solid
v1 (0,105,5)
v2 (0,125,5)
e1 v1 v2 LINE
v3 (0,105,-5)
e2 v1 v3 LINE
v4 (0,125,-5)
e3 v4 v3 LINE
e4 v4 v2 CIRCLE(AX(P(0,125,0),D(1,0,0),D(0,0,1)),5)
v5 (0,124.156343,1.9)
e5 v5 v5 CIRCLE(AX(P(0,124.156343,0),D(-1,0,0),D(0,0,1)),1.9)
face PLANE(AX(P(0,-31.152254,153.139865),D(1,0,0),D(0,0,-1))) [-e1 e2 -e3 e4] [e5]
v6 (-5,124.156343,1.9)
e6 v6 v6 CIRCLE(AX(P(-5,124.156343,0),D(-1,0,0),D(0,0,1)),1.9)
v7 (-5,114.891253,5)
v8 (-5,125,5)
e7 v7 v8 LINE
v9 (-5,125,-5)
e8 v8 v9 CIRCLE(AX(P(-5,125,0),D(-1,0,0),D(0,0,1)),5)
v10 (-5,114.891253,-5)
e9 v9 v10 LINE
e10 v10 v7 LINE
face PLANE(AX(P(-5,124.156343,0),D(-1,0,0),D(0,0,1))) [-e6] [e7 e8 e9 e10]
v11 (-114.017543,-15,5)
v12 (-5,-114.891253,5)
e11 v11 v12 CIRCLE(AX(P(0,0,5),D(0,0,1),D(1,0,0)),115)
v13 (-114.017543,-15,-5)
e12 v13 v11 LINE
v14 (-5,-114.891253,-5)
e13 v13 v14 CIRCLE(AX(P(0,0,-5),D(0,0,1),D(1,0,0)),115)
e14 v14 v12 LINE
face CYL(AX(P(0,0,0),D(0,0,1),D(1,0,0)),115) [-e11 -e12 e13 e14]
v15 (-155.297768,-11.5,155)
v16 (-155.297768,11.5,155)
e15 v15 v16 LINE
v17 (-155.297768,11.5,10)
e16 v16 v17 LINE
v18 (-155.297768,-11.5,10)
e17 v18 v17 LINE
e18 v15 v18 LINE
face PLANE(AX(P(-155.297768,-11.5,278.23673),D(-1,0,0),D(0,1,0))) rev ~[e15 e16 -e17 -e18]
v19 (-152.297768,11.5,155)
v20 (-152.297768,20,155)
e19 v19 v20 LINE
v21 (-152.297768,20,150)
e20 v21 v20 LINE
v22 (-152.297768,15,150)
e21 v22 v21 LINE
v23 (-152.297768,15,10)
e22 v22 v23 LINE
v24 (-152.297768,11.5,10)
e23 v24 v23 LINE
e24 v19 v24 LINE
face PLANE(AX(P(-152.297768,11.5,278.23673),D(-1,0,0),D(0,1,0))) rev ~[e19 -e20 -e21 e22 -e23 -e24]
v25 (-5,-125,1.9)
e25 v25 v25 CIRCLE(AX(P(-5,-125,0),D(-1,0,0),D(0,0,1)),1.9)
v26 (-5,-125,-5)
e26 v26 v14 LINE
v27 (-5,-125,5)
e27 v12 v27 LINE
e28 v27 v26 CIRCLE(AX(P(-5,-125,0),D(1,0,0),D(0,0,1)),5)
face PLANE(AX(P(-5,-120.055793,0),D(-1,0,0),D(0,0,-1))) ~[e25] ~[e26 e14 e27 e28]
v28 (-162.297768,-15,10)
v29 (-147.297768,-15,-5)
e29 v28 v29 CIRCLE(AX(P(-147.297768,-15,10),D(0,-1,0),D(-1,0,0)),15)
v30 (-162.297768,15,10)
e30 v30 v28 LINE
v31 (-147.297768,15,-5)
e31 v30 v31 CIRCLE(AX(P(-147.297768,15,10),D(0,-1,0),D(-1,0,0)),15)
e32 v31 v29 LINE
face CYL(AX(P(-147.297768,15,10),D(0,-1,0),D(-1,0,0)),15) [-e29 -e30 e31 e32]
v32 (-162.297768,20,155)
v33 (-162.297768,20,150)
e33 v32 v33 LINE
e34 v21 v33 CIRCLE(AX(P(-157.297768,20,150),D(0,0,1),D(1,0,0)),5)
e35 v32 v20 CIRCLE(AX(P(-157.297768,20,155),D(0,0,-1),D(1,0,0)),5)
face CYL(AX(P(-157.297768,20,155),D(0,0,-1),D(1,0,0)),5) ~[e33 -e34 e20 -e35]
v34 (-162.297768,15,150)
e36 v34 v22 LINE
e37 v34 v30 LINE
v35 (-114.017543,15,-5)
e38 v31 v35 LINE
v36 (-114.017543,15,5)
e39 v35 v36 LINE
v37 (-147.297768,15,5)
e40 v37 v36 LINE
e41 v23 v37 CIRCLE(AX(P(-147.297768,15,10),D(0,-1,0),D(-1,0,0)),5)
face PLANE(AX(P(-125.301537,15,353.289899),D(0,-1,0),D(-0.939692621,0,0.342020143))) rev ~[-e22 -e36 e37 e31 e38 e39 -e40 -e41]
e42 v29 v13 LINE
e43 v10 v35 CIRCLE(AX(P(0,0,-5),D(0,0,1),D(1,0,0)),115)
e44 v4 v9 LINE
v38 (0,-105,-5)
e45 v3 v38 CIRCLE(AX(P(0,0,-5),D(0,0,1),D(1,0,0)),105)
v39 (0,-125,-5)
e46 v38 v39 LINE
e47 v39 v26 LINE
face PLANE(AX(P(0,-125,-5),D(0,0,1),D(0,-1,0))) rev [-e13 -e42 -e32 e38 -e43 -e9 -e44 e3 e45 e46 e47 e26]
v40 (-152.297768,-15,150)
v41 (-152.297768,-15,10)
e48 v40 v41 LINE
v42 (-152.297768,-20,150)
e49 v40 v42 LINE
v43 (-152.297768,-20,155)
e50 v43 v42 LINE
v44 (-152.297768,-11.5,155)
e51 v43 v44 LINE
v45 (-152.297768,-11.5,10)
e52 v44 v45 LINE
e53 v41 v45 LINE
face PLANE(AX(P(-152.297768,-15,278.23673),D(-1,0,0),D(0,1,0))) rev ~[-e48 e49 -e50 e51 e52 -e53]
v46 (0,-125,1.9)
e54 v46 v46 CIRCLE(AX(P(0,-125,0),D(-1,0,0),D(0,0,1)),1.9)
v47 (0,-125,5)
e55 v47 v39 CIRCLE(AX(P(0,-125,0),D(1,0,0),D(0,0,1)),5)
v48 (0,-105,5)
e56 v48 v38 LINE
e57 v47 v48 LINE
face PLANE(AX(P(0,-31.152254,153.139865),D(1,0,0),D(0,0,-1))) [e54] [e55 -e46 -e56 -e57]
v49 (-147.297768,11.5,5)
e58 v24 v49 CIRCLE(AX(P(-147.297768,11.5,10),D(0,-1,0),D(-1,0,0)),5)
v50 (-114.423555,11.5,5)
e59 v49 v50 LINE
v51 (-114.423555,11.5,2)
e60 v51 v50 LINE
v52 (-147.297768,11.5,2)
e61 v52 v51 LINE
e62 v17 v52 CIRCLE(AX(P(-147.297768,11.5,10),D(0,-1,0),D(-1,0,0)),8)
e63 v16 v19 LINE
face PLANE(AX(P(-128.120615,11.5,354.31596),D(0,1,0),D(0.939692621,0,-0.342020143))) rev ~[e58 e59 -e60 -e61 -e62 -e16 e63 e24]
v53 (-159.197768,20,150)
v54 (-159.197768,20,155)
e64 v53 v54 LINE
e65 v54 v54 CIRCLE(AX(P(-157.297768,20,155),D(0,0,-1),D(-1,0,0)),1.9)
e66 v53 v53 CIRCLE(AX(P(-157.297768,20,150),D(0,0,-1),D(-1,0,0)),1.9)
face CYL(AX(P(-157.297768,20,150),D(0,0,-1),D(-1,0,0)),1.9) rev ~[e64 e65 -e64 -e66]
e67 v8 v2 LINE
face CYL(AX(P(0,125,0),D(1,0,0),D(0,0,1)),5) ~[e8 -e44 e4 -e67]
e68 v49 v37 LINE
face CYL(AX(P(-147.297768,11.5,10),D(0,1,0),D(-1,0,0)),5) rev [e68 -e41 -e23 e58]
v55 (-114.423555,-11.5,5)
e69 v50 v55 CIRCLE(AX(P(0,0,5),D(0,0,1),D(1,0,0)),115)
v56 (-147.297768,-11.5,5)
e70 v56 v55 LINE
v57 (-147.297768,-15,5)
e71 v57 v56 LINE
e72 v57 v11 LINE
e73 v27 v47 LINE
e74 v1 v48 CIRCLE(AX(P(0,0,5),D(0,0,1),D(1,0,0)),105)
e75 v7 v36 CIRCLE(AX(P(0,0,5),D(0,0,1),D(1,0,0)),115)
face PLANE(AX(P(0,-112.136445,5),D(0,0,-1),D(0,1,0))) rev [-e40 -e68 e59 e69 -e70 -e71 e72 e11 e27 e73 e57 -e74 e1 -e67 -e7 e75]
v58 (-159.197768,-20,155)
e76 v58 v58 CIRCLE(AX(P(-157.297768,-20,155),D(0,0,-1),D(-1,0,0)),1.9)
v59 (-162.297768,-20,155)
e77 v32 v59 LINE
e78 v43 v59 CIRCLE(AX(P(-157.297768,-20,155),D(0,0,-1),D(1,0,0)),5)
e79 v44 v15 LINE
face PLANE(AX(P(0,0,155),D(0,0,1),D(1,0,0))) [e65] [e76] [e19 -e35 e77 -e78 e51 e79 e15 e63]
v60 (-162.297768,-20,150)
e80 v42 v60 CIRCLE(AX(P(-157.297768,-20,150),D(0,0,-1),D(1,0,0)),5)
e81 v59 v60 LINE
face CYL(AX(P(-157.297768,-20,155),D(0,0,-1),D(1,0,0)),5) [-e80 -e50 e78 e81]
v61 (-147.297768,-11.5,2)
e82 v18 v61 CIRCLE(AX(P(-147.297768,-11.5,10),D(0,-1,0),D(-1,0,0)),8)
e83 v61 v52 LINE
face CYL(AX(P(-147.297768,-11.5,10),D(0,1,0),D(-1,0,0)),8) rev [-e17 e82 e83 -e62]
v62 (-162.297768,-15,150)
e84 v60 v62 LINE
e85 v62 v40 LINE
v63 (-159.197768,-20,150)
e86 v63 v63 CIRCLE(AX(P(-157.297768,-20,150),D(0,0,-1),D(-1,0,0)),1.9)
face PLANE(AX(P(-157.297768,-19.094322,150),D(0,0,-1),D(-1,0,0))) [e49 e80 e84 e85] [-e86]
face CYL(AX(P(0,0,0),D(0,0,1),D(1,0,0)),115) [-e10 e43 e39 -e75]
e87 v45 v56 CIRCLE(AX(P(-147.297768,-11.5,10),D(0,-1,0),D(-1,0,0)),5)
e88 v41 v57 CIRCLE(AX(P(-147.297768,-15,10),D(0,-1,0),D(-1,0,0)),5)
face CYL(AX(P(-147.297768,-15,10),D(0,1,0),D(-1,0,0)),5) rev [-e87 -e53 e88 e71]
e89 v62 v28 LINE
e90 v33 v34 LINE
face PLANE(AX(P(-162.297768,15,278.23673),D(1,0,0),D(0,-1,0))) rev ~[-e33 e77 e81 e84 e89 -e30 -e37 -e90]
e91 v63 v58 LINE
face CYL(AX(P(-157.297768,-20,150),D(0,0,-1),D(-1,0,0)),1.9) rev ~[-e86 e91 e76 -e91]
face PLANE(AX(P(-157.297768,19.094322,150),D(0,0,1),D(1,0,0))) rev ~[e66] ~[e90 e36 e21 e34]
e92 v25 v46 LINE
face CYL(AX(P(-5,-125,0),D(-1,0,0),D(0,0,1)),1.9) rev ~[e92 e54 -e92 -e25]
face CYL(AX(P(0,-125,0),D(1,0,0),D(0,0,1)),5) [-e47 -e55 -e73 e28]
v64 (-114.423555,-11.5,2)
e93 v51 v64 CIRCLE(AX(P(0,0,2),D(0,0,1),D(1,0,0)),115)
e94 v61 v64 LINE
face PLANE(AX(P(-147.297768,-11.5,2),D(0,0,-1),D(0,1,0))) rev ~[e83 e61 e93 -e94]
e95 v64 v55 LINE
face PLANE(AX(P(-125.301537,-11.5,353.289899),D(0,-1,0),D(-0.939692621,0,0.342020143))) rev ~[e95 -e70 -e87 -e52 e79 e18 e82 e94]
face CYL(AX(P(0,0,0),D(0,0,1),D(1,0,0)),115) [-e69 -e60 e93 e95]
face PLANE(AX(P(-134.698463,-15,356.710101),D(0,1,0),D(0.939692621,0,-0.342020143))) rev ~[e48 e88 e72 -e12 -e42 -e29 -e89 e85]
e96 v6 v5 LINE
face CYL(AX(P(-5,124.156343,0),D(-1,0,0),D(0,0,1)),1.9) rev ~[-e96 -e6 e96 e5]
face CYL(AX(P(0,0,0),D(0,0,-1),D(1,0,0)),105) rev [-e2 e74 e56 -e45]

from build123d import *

# Parameters (mm, degrees)
SKETCH_1_R                = 115
SKETCH_1_R_2              = 105
EXTRUDE_1_DEPTH           = 5
SKETCH_4_R                = 2.5
CUT_EXTRUDE_1_DEPTH       = 33.934862746
EXTRUDE_2_DEPTH           = 5
HOLE_WIZARD_1_D           = 4.5
HOLE_WIZARD_1_CBORE_D     = 6
HOLE_WIZARD_1_CBORE_DEPTH = 3
SKETCH_9_R                = 2.25
SKETCH_9_R_2              = 1.9
EXTRUDE_3_DEPTH           = 5
EXTRUDE_4_DEPTH           = 5
HOLE_WIZARD_2_D           = 4.5
HOLE_WIZARD_2_CBORE_D     = 6
HOLE_WIZARD_2_CBORE_DEPTH = 3
SKETCH_13_R               = 2.25
SKETCH_13_R_2             = 1.9
EXTRUDE_5_DEPTH           = 5
SKETCH_14_W               = 562.038590931
SKETCH_14_H               = 462.09177453
CUT_EXTRUDE_4_DEPTH       = 163.29776757
SKETCH_15_W               = 637.223239982
SKETCH_15_H               = 375.31186697
CUT_EXTRUDE_5_DEPTH       = 202.710100717


with BuildPart() as part:
    # 草图1 → 凸台-拉伸1 (new body, symmetric)
    with BuildSketch(Plane.XY):
        Circle(SKETCH_1_R)
        Circle(SKETCH_1_R_2, mode=Mode.SUBTRACT)
    extrude(amount=EXTRUDE_1_DEPTH, both=True)

    # 扫描1: sweep along a path in 草图2
    with BuildLine(Plane(origin=(0, 0, 0), x_dir=(1, 0, 0), z_dir=(0, 1, 0))) as sweep_1_path:
        Line((-130, -355), (-156.694693778, -281.656931626))
        ThreePointArc((-156.694693778, -281.656931626), (-157.1458451, -279.97321197), (-157.29776757, -278.236730193))
        Line((-157.29776757, -278.236730193), (-157.29776757, -10))
        ThreePointArc((-157.29776757, -10), (-154.368835382, -2.928932188), (-147.29776757, 0))
        Line((-147.29776757, 0), (-115, 0))
        Line((-115, 0), (-106.681302201, 0))
    # 草图3 → 扫描1 (sweep)
    with BuildSketch(Plane(origin=(-130, 0, 355), x_dir=(0.939692621, 0, -0.342020143), z_dir=(0.342020143, 0, 0.939692621))):
        Polygon((-5, -15), (5, -15), (5, -11.5), (2, -11.5), (2, 11.5), (5, 11.5), (5, 15), (-5, 15), align=None)
    sweep_1 = sweep(path=sweep_1_path.line)

    # 草图4 → 切除-拉伸1 (cut, through all)
    with BuildSketch(Plane(origin=(-227.008304281, 0, 82.624265689), x_dir=(-0.342020143, 0, -0.939692621), z_dir=(0.939692621, 0, -0.342020143))):
        with Locations((-274.128261747, 6.75)):
            Circle(SKETCH_4_R)
        with Locations((-274.128261747, -6.75)):
            Circle(SKETCH_4_R)
    cut_extrude_1 = extrude(amount=-CUT_EXTRUDE_1_DEPTH, mode=Mode.SUBTRACT)

    # 镜向1: 扫描1, 切除-拉伸1 across plane
    add(sweep_1.mirror(Plane(origin=(0, 0, 0), x_dir=(0, 0, 1), z_dir=(1, 0, 0))))
    add(cut_extrude_1.mirror(Plane(origin=(0, 0, 0), x_dir=(0, 0, 1), z_dir=(1, 0, 0))), mode=Mode.SUBTRACT)

    # 草图6 → 凸台-拉伸2 (add, symmetric)
    with BuildSketch(Plane(origin=(0, 0, 0), x_dir=(0, 0, -1), z_dir=(1, 0, 0))):
        with BuildLine():
            Line((-5, 115), (-5, 125))
            ThreePointArc((-5, 125), (0, 130), (5, 125))
            Line((5, 125), (5, 115))
            Line((5, 115), (5, 112.136445143))
            Line((5, 112.136445143), (-5, 112.136445143))
            Line((-5, 112.136445143), (-5, 115))
        make_face()
    extrude_2 = extrude(amount=EXTRUDE_2_DEPTH, both=True)

    # 镜向2: 凸台-拉伸2 across plane
    add(extrude_2.mirror(Plane.ZX))

    # 孔1 (through all)
    with Locations(Plane(origin=(5, 0, 0), x_dir=(0, 0, -1), z_dir=(1, 0, 0))):
        with Locations((0, 124.156343107), (0, -125)):
            CounterBoreHole(HOLE_WIZARD_1_D / 2, HOLE_WIZARD_1_CBORE_D / 2, HOLE_WIZARD_1_CBORE_DEPTH)

    # 草图9 → 凸台-拉伸3 (add)
    with BuildSketch(Plane.ZY.offset(5)):
        with Locations((0, 124.156343107)):
            Circle(SKETCH_9_R)
        with Locations((0, 124.156343107)):
            Circle(SKETCH_9_R_2, mode=Mode.SUBTRACT)
        with Locations((0, -125)):
            Circle(SKETCH_9_R)
        with Locations((0, -125)):
            Circle(SKETCH_9_R_2, mode=Mode.SUBTRACT)
    extrude(amount=-EXTRUDE_3_DEPTH)

    # 草图10 → 凸台-拉伸4 (add, symmetric)
    with BuildSketch(Plane.XY.offset(155)):
        with BuildLine():
            Line((-162.29776757, 15), (-152.29776757, 15))
            Line((-152.29776757, 15), (-152.29776757, 20))
            ThreePointArc((-152.29776757, 20), (-157.29776757, 25), (-162.29776757, 20))
            Line((-162.29776757, 20), (-162.29776757, 15))
        make_face()
        with BuildLine():
            Line((-152.29776757, -15), (-152.29776757, -20))
            ThreePointArc((-152.29776757, -20), (-157.29776757, -25), (-162.29776757, -20))
            Line((-162.29776757, -20), (-162.29776757, -15))
            Line((-162.29776757, -15), (-152.29776757, -15))
        make_face()
        with BuildLine():
            Line((162.29776757, -15), (152.29776757, -15))
            Line((152.29776757, -15), (152.29776757, -20))
            ThreePointArc((152.29776757, -20), (157.29776757, -25), (162.29776757, -20))
            Line((162.29776757, -20), (162.29776757, -15))
        make_face()
        with BuildLine():
            Line((152.29776757, 15), (152.29776757, 20))
            ThreePointArc((152.29776757, 20), (157.29776757, 25), (162.29776757, 20))
            Line((162.29776757, 20), (162.29776757, 15))
            Line((162.29776757, 15), (152.29776757, 15))
        make_face()
    extrude(amount=EXTRUDE_4_DEPTH, both=True)

    # 孔2 (through all)
    with Locations(Plane.XY.offset(160)):
        with Locations((-157.29776757, 20), (-157.29776757, -20), (157.29776757, 20), (157.29776757, -20)):
            CounterBoreHole(HOLE_WIZARD_2_D / 2, HOLE_WIZARD_2_CBORE_D / 2, HOLE_WIZARD_2_CBORE_DEPTH)

    # 草图13 → 凸台-拉伸5 (add)
    with BuildSketch(Plane(origin=(0, 0, 150), x_dir=(-1, 0, 0), z_dir=(0, 0, -1))):
        with Locations((-157.29776757, 20)):
            Circle(SKETCH_13_R)
        with Locations((-157.29776757, 20)):
            Circle(SKETCH_13_R_2, mode=Mode.SUBTRACT)
        with Locations((-157.29776757, -20)):
            Circle(SKETCH_13_R)
        with Locations((-157.29776757, -20)):
            Circle(SKETCH_13_R_2, mode=Mode.SUBTRACT)
        with Locations((157.29776757, -20)):
            Circle(SKETCH_13_R)
        with Locations((157.29776757, -20)):
            Circle(SKETCH_13_R_2, mode=Mode.SUBTRACT)
        with Locations((157.29776757, 20)):
            Circle(SKETCH_13_R)
        with Locations((157.29776757, 20)):
            Circle(SKETCH_13_R_2, mode=Mode.SUBTRACT)
    extrude(amount=-EXTRUDE_5_DEPTH)

    # 草图14 → 切除-拉伸4 (cut, through all)
    with BuildSketch(Plane(origin=(0, 0, 0), x_dir=(0, 0, -1), z_dir=(1, 0, 0))):
        with Locations((-153.139864812, -31.152254463)):
            Rectangle(SKETCH_14_W, SKETCH_14_H)
    extrude(amount=CUT_EXTRUDE_4_DEPTH, mode=Mode.SUBTRACT)

    # 草图15 → 切除-拉伸5 (cut, through all)
    with BuildSketch(Plane.XY.offset(155)):
        Rectangle(SKETCH_15_W, SKETCH_15_H)
    extrude(amount=CUT_EXTRUDE_5_DEPTH, mode=Mode.SUBTRACT)


solid = part.part
